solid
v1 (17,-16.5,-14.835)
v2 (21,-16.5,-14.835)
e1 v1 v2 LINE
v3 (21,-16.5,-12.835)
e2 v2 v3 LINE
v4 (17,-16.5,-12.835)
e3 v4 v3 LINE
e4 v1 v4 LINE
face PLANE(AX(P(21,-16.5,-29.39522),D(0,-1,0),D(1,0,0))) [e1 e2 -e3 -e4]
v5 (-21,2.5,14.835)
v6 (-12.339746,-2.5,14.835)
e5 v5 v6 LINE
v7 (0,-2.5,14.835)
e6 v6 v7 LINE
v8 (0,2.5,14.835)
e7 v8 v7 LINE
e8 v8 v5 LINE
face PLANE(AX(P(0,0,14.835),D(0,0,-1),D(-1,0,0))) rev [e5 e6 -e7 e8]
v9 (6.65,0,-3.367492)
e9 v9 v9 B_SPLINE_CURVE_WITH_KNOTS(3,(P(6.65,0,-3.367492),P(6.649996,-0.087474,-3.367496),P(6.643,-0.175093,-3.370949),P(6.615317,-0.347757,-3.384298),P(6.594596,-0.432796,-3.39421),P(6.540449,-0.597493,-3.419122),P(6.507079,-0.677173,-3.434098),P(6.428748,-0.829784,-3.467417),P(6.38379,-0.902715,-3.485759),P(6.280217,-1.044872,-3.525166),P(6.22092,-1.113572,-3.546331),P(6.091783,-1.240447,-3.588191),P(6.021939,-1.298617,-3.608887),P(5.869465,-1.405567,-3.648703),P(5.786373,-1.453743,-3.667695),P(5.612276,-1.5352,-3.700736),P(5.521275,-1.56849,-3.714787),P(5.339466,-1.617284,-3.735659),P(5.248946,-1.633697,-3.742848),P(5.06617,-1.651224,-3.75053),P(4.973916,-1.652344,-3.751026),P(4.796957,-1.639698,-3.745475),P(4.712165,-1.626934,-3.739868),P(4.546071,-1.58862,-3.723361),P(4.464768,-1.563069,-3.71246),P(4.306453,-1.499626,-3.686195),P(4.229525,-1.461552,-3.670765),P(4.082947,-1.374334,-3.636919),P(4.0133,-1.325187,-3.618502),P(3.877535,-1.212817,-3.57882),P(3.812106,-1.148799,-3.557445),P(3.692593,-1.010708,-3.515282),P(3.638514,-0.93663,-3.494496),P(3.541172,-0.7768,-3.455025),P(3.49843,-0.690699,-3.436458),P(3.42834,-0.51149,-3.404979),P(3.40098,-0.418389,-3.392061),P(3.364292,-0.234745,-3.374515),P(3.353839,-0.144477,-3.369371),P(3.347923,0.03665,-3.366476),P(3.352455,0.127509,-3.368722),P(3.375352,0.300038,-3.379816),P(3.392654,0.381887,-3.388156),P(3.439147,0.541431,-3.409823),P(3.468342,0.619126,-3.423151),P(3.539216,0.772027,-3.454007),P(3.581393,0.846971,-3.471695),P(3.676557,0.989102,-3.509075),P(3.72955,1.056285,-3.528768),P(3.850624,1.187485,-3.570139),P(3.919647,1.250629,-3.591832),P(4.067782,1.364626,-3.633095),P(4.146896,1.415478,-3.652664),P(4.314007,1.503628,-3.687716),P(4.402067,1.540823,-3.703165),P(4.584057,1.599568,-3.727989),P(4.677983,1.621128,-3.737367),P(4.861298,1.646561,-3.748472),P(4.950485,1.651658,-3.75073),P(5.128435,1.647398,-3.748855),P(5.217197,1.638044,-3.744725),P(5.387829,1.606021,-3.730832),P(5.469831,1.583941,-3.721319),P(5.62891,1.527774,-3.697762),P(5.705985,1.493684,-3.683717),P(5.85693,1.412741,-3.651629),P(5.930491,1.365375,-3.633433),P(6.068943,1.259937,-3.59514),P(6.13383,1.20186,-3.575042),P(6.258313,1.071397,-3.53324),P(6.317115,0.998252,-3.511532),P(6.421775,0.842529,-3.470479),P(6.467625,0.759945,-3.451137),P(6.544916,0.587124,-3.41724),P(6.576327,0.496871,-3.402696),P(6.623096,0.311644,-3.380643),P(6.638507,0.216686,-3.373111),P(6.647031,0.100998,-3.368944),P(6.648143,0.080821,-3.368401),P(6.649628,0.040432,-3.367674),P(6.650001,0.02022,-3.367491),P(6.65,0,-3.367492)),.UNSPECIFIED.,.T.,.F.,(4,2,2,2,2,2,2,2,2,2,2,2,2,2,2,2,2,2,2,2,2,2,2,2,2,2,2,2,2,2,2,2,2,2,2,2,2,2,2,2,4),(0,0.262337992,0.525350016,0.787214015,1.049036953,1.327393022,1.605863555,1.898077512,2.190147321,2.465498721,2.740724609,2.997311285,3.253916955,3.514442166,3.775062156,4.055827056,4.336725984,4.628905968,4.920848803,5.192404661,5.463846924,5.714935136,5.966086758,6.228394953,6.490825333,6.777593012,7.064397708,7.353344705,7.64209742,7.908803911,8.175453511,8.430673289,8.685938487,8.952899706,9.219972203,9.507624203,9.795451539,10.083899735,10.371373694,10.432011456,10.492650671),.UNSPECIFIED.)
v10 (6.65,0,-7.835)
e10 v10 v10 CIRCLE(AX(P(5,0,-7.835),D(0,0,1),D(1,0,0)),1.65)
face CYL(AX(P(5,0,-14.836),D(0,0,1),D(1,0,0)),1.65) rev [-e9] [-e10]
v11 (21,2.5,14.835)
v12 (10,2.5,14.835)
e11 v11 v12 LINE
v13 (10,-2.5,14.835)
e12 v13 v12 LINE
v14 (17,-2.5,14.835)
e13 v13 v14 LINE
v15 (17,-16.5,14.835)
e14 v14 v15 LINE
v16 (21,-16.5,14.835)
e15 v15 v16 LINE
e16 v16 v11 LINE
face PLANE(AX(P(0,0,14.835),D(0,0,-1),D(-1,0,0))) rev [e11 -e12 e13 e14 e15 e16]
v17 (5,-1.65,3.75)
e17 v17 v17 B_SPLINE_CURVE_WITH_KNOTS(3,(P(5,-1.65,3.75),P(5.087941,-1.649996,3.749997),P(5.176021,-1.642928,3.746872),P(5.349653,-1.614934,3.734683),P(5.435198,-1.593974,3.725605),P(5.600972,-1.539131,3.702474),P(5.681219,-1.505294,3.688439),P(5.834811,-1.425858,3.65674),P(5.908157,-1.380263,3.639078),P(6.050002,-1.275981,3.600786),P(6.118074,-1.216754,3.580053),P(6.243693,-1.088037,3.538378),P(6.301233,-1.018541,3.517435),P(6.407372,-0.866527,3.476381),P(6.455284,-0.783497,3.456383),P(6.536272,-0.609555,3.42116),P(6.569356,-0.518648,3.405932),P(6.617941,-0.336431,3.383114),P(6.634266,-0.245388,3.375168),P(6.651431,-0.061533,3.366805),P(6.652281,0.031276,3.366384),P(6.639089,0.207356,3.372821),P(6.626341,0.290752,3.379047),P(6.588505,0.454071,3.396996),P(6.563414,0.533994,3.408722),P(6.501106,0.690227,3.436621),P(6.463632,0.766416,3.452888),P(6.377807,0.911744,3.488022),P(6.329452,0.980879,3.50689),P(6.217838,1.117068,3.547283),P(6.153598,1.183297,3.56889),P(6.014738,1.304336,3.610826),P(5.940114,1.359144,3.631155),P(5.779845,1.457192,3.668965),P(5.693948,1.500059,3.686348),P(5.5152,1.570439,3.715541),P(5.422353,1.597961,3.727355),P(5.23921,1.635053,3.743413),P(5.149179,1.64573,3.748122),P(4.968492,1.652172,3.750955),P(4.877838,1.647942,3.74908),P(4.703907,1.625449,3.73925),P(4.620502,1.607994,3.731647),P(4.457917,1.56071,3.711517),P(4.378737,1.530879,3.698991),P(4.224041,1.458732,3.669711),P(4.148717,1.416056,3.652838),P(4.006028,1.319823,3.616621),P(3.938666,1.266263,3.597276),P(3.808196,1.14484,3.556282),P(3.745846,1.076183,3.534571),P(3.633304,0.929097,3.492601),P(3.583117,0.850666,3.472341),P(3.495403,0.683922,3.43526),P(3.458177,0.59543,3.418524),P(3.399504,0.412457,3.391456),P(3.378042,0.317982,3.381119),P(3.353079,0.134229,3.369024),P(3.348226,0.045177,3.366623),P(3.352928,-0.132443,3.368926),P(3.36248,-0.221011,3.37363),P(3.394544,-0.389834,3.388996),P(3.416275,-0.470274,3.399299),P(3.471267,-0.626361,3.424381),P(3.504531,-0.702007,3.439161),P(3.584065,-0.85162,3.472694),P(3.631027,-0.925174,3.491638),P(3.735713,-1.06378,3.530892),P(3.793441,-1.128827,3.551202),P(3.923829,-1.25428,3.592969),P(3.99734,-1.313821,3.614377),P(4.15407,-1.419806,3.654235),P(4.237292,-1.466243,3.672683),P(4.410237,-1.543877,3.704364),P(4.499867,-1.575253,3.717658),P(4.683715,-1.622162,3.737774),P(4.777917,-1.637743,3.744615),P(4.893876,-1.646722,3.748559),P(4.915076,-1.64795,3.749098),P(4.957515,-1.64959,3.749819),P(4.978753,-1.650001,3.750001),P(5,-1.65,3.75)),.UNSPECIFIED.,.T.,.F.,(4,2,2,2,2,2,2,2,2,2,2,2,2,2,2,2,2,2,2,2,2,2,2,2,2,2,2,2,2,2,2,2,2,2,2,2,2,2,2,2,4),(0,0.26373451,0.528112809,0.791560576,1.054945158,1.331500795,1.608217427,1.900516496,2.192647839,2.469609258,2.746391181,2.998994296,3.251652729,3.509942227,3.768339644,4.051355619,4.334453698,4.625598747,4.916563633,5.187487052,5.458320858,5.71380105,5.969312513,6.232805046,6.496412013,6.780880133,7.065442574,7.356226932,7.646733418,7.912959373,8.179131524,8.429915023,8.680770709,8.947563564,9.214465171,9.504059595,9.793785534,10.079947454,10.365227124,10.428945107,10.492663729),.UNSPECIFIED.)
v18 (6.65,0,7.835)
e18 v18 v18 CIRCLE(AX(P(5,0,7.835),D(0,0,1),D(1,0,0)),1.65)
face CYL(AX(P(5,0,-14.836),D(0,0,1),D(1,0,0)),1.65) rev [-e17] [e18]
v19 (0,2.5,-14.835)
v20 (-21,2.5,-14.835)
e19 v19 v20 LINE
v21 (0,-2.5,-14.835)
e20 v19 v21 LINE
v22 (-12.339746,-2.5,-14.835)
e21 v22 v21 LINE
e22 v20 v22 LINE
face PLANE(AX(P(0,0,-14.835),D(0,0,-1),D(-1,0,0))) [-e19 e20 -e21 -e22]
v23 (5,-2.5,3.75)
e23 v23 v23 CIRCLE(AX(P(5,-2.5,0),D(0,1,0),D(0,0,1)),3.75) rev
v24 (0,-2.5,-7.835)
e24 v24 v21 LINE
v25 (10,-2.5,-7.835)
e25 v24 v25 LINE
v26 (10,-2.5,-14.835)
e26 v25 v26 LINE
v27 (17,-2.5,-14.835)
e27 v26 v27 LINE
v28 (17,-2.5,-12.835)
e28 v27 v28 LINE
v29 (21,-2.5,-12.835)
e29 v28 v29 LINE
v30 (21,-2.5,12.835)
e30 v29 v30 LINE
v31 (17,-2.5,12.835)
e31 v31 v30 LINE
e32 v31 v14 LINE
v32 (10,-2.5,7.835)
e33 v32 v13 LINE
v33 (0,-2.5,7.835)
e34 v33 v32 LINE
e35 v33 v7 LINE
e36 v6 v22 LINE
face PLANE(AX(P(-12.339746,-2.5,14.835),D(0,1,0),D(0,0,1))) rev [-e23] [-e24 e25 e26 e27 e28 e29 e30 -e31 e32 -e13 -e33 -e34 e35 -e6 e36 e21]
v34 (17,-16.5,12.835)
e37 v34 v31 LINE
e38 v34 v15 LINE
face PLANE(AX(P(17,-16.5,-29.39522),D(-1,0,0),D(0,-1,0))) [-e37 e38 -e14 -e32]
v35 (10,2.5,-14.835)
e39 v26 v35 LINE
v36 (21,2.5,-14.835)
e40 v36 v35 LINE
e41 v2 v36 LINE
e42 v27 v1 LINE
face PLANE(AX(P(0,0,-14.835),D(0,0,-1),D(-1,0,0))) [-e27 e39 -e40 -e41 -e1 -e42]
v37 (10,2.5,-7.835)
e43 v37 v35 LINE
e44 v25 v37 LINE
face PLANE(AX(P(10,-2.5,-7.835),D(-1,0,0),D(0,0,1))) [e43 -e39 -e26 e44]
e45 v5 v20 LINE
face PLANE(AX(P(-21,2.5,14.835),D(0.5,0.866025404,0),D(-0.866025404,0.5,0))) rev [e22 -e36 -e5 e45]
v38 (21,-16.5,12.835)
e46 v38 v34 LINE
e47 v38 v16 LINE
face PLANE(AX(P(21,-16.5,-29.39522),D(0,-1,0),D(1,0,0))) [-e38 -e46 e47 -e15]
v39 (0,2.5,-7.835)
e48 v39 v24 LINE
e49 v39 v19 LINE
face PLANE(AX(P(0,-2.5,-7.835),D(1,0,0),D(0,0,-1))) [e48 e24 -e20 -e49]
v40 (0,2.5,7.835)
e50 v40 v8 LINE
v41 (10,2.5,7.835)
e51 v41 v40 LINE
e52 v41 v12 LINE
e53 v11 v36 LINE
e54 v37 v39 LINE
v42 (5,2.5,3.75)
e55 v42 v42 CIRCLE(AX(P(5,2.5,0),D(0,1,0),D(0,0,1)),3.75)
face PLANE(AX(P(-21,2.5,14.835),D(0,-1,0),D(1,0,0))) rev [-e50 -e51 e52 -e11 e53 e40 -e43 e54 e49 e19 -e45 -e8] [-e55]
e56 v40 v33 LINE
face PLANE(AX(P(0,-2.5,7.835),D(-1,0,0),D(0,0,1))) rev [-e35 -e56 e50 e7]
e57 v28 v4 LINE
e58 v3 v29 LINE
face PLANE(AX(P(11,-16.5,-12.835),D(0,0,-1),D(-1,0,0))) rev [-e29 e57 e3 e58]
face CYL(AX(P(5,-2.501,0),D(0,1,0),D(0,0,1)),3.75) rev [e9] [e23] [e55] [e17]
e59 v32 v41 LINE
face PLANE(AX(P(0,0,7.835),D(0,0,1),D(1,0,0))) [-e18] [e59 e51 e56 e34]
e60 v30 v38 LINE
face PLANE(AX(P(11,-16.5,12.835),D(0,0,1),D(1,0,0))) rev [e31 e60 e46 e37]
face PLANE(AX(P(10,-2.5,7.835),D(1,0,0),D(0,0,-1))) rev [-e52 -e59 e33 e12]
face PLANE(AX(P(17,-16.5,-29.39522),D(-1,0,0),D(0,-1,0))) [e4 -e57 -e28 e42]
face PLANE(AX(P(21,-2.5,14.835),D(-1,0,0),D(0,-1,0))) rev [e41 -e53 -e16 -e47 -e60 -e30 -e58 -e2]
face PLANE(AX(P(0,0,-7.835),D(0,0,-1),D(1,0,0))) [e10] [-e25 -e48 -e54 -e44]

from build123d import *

# Parameters (mm, degrees)
BOSS_EXTRUDE1_DEPTH = 14.835
CUT_EXTRUDE1_REACH  = 38.436
SKETCH4_R           = 1.65
SKETCH4_3_W         = 10
SKETCH4_3_H         = 5
SKETCH4_3_R         = 1.65
CUT_EXTRUDE3_DEPTH  = 7
CUT_EXTRUDE2_REACH  = 28.193
SKETCH5_R           = 3.75
SKETCH6_W           = 4
SKETCH6_H           = 14
BOSS_EXTRUDE2_DEPTH = 29.67
SKETCH7_W           = 25.67
SKETCH7_H           = 14
CUT_EXTRUDE4_DEPTH  = 10


with BuildPart() as part:
    # Sketch3 → Boss-Extrude1 (new, symmetric)
    with BuildSketch(Plane.XY):
        Polygon((-21, 2.5), (-12.339745962, -2.5), (21, -2.5), (21, 2.5), align=None)
    extrude(amount=BOSS_EXTRUDE1_DEPTH, both=True)

    # Sketch4 → Cut-Extrude1 (cut, up to next)
    with BuildSketch(Plane.XY.offset(14.835), mode=Mode.PRIVATE) as cut_extrude1_sk1:
        with Locations((5, 0)):
            Circle(SKETCH4_R)
    cut_extrude1_tool1 = extrude(cut_extrude1_sk1.sketch, amount=-CUT_EXTRUDE1_REACH, mode=Mode.PRIVATE) & part.part
    add(cut_extrude1_tool1.solids().sort_by_distance((5, 0, 14.835))[0], mode=Mode.SUBTRACT)

    # Sketch4<3> → Cut-Extrude3 (cut)
    with BuildSketch(Plane.XY.offset(14.835)):
        with Locations((5, 0)):
            Rectangle(SKETCH4_3_W, SKETCH4_3_H)
        with Locations((5, 0)):
            Circle(SKETCH4_3_R, mode=Mode.SUBTRACT)
    cut_extrude3 = extrude(amount=-CUT_EXTRUDE3_DEPTH, mode=Mode.SUBTRACT)

    # Mirror1: Cut-Extrude3 across plane
    add(cut_extrude3.mirror(Plane.XY), mode=Mode.SUBTRACT)

    # Sketch5 → Cut-Extrude2 (cut, up to next)
    with BuildSketch(Plane(origin=(0, 2.5, 0), x_dir=(1, 0, 0), z_dir=(0, 1, 0)), mode=Mode.PRIVATE) as cut_extrude2_sk1:
        with Locations(Location((5, 0, 0), (0, 0, 270))):
            Circle(SKETCH5_R)
    cut_extrude2_tool1 = extrude(cut_extrude2_sk1.sketch, amount=-CUT_EXTRUDE2_REACH, mode=Mode.PRIVATE) & part.part
    add(cut_extrude2_tool1.solids().sort_by_distance((5, 2.5, 0))[0], mode=Mode.SUBTRACT)

    # Sketch6 → Boss-Extrude2 (add)
    with BuildSketch(Plane.XY.offset(14.835)):
        with Locations((19, -9.5)):
            Rectangle(SKETCH6_W, SKETCH6_H)
    extrude(amount=-BOSS_EXTRUDE2_DEPTH)

    # Sketch7 → Cut-Extrude4 (cut)
    with BuildSketch(Plane(origin=(21, 0, 0), x_dir=(0, 0, -1), z_dir=(1, 0, 0))):
        with Locations((0, -9.5)):
            Rectangle(SKETCH7_W, SKETCH7_H)
    extrude(amount=-CUT_EXTRUDE4_DEPTH, mode=Mode.SUBTRACT)


solid = part.part
